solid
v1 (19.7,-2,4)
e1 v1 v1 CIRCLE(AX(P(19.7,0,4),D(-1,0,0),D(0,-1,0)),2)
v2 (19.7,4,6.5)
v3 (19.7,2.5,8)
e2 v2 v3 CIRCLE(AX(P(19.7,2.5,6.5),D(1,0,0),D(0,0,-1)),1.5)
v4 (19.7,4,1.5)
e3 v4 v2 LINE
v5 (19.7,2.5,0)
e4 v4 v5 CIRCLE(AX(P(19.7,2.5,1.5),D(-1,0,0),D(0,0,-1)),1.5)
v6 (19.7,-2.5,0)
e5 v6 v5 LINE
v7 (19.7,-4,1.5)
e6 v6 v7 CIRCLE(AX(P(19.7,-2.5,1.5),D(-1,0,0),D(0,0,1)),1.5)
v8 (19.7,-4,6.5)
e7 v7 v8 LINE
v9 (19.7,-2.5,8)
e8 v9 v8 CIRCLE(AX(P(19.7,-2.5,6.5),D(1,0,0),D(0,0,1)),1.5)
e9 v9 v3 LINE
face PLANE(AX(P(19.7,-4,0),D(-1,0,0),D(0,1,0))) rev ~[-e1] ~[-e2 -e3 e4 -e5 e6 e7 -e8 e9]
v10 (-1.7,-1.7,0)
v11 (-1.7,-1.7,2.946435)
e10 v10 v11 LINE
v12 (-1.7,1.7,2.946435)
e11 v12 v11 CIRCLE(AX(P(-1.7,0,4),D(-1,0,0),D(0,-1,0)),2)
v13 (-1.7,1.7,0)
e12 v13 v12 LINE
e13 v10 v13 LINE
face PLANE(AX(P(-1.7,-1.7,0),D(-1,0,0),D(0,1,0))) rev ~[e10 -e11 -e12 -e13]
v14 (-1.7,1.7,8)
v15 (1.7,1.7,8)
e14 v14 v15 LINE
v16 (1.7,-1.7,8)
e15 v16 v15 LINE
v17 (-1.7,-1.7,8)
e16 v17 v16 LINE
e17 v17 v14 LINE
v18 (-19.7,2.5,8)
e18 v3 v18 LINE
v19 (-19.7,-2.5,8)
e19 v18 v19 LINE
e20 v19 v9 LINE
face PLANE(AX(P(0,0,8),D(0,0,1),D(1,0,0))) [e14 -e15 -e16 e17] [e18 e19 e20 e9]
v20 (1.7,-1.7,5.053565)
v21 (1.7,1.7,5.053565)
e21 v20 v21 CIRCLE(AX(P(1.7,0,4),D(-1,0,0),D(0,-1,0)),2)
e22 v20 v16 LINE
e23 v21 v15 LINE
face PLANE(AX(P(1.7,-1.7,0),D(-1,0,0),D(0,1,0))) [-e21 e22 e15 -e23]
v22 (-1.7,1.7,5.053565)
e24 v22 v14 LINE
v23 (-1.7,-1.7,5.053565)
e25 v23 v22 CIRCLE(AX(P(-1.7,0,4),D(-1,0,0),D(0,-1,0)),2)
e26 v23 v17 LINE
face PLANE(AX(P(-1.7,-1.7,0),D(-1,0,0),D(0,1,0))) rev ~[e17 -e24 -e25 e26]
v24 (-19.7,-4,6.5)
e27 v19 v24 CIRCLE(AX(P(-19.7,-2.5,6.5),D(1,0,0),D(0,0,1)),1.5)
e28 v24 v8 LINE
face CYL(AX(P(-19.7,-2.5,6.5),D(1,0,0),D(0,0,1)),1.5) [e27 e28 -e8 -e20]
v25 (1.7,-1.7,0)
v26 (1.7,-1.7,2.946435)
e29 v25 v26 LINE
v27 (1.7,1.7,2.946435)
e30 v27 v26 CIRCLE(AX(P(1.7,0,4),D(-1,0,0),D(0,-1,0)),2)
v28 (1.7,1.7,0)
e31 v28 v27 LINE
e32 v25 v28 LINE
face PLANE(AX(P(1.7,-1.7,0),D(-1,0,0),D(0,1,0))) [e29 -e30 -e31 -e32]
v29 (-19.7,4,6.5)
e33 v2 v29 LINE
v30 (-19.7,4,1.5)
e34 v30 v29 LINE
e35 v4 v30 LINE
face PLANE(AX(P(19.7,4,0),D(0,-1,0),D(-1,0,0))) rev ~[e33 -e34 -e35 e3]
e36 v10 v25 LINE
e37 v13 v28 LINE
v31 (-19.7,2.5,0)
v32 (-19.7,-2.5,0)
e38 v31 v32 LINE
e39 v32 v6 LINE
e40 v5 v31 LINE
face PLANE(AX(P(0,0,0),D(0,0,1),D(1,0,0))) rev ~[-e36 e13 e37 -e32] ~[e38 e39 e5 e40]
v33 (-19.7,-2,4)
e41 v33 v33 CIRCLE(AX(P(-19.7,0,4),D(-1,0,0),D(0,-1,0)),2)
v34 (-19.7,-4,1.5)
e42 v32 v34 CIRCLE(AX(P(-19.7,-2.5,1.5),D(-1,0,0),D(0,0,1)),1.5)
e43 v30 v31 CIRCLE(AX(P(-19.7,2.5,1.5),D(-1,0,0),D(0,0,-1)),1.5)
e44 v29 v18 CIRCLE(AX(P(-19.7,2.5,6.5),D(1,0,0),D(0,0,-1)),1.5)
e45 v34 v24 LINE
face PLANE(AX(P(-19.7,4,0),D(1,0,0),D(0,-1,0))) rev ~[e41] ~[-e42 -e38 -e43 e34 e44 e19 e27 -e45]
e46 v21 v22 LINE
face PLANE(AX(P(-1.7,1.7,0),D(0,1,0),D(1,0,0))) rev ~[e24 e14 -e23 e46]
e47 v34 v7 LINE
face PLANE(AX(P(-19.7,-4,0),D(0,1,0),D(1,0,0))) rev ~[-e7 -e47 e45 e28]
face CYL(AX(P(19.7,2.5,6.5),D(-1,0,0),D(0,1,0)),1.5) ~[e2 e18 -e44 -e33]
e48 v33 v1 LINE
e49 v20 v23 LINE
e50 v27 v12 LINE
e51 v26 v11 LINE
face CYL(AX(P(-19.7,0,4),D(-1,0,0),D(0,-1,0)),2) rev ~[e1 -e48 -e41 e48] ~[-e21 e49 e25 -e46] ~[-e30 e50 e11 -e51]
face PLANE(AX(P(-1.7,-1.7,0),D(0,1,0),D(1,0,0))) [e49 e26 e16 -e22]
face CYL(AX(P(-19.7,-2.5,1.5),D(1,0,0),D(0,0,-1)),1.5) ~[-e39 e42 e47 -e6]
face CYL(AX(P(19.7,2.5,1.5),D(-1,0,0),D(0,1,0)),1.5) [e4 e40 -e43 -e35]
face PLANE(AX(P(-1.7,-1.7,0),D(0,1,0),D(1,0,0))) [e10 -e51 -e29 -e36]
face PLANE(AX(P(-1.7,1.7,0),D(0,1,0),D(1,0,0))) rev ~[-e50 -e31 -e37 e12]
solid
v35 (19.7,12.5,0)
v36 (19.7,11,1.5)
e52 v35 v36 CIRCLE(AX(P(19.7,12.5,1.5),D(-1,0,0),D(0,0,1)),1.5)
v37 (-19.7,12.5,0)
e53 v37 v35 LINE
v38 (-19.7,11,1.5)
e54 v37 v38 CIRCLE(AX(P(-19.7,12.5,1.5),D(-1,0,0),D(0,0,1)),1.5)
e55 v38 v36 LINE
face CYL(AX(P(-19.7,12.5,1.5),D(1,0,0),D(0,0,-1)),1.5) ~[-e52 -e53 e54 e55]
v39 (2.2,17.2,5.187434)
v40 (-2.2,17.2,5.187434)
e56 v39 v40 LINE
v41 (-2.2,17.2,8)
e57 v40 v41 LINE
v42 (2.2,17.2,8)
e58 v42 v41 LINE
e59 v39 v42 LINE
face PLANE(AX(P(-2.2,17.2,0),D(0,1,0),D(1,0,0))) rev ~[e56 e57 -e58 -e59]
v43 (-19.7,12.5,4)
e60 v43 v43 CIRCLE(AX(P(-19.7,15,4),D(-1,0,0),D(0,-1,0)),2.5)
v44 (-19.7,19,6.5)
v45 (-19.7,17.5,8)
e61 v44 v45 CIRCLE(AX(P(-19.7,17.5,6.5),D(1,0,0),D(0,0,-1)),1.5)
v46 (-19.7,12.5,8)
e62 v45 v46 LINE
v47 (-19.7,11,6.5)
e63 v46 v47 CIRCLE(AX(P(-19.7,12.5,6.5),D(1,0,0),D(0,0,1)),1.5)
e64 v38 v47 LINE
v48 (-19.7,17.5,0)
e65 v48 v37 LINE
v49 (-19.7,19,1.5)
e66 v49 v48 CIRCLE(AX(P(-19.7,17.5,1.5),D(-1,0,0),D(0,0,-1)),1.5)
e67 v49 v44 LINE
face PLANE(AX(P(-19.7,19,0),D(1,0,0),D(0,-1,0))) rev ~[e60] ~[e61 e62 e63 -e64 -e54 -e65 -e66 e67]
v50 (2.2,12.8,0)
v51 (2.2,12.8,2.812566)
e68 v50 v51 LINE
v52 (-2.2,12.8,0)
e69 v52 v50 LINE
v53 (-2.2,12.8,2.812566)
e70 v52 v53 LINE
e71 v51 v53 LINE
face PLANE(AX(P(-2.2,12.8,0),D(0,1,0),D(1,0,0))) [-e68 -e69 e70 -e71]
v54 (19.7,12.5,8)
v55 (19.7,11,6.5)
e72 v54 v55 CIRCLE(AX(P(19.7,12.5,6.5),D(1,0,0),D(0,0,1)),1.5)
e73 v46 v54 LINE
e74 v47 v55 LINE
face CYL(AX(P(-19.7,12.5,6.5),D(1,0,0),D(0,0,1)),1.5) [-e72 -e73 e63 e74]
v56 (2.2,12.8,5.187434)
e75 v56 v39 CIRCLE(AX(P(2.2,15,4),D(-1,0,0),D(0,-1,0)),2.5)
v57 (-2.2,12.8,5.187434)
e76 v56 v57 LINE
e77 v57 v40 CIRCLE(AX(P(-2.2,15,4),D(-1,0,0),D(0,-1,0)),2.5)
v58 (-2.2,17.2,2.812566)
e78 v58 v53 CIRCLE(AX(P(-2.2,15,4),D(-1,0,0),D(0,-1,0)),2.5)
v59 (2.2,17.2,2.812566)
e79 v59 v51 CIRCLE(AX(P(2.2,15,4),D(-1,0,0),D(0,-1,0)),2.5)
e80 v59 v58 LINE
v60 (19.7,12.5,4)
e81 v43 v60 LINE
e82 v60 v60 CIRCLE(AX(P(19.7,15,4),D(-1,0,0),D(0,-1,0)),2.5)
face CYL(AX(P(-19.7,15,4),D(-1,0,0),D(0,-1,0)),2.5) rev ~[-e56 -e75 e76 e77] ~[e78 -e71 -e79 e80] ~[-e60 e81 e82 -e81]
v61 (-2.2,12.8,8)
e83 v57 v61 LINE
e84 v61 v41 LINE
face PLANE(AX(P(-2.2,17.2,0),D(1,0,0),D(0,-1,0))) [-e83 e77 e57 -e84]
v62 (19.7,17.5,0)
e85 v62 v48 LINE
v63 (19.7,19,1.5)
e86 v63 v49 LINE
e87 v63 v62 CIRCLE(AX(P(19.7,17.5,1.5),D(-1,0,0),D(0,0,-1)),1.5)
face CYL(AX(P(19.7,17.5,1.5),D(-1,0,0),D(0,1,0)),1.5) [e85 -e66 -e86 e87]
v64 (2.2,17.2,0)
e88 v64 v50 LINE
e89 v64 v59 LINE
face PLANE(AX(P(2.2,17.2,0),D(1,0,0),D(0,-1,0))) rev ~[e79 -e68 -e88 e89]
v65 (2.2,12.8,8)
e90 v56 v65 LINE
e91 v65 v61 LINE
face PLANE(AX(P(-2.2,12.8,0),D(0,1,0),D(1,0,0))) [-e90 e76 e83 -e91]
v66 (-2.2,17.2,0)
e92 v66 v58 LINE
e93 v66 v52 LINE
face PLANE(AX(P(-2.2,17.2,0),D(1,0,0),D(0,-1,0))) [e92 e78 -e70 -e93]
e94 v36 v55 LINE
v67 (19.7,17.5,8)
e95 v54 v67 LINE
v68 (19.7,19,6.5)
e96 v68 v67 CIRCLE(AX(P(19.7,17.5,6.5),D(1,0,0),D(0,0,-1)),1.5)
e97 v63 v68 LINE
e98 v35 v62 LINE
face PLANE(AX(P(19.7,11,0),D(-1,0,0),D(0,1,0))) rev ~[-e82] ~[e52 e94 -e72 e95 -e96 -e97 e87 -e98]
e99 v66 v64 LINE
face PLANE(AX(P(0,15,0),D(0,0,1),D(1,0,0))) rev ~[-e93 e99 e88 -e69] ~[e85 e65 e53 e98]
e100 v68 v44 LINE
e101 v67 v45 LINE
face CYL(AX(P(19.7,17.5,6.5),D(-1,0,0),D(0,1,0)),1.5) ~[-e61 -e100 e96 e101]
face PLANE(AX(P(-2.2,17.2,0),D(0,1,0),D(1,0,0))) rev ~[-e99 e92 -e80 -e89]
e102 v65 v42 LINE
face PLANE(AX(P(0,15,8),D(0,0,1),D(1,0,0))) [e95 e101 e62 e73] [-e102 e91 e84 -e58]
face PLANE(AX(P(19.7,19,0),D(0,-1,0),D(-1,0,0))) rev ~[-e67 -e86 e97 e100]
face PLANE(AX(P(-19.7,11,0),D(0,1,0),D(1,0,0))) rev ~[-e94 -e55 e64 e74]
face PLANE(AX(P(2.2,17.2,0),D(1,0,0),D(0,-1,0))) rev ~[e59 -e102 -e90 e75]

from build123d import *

# Parameters (mm, degrees)
F0_W     = 3.4
F0_H     = 3.4
F1_DEPTH = 8
F2_R     = 2
F3_DEPTH = 39.401
F4_R     = 1.5
F6_R     = 2.5
F7_DEPTH = 39.401
F8_W     = 4.4
F8_H     = 4.4
F9_DEPTH = 8.001


with BuildPart() as f1:
    # F0 (on Top) → F1 (new body)
    with BuildSketch(Plane.XY):
        Polygon((19.7, -2), (19.7, 2), (19.7, 4), (-19.7, 4), (-19.7, 2), (-19.7, -2), (-19.7, -4), (19.7, -4), align=None)
        Rectangle(F0_W, F0_H, mode=Mode.SUBTRACT)
    extrude(amount=F1_DEPTH)

    # F2 (on face) → F3 (cut, through all)
    with BuildSketch(Plane(origin=(-19.7, 0, 0), x_dir=(0, -1, 0), z_dir=(-1, 0, 0))):
        with Locations((0, 4)):
            Circle(F2_R)
    extrude(amount=-F3_DEPTH, mode=Mode.SUBTRACT)

    # F4
    f4_edges = [f1.edges().sort_by_distance(p)[0] for p in [
        (0, -4, 8),
        (0, 4, 8),
        (0, -4, 0),
        (0, 4, 0),
    ]]
    fillet(f4_edges, radius=F4_R)


with BuildPart() as f5_1:
    # F5: copy of F1
    add(f1.part.moved(Location((0, 15, 0))))

    # F6 (on face) → F7 (cut, through all)
    with BuildSketch(Plane(origin=(-19.7, 0, 0), x_dir=(0, -1, 0), z_dir=(-1, 0, 0))):
        with Locations((-15, 4)):
            Circle(F6_R)
    extrude(amount=-F7_DEPTH, mode=Mode.SUBTRACT)

    # F8 (on face) → F9 (cut, through all)
    with BuildSketch(Plane(origin=(0, 0, 0), x_dir=(1, 0, 0), z_dir=(0, 0, -1))):
        with Locations((0, -15)):
            Rectangle(F8_W, F8_H)
    extrude(amount=-F9_DEPTH, mode=Mode.SUBTRACT)


solid = Compound([f1.part, f5_1.part])
